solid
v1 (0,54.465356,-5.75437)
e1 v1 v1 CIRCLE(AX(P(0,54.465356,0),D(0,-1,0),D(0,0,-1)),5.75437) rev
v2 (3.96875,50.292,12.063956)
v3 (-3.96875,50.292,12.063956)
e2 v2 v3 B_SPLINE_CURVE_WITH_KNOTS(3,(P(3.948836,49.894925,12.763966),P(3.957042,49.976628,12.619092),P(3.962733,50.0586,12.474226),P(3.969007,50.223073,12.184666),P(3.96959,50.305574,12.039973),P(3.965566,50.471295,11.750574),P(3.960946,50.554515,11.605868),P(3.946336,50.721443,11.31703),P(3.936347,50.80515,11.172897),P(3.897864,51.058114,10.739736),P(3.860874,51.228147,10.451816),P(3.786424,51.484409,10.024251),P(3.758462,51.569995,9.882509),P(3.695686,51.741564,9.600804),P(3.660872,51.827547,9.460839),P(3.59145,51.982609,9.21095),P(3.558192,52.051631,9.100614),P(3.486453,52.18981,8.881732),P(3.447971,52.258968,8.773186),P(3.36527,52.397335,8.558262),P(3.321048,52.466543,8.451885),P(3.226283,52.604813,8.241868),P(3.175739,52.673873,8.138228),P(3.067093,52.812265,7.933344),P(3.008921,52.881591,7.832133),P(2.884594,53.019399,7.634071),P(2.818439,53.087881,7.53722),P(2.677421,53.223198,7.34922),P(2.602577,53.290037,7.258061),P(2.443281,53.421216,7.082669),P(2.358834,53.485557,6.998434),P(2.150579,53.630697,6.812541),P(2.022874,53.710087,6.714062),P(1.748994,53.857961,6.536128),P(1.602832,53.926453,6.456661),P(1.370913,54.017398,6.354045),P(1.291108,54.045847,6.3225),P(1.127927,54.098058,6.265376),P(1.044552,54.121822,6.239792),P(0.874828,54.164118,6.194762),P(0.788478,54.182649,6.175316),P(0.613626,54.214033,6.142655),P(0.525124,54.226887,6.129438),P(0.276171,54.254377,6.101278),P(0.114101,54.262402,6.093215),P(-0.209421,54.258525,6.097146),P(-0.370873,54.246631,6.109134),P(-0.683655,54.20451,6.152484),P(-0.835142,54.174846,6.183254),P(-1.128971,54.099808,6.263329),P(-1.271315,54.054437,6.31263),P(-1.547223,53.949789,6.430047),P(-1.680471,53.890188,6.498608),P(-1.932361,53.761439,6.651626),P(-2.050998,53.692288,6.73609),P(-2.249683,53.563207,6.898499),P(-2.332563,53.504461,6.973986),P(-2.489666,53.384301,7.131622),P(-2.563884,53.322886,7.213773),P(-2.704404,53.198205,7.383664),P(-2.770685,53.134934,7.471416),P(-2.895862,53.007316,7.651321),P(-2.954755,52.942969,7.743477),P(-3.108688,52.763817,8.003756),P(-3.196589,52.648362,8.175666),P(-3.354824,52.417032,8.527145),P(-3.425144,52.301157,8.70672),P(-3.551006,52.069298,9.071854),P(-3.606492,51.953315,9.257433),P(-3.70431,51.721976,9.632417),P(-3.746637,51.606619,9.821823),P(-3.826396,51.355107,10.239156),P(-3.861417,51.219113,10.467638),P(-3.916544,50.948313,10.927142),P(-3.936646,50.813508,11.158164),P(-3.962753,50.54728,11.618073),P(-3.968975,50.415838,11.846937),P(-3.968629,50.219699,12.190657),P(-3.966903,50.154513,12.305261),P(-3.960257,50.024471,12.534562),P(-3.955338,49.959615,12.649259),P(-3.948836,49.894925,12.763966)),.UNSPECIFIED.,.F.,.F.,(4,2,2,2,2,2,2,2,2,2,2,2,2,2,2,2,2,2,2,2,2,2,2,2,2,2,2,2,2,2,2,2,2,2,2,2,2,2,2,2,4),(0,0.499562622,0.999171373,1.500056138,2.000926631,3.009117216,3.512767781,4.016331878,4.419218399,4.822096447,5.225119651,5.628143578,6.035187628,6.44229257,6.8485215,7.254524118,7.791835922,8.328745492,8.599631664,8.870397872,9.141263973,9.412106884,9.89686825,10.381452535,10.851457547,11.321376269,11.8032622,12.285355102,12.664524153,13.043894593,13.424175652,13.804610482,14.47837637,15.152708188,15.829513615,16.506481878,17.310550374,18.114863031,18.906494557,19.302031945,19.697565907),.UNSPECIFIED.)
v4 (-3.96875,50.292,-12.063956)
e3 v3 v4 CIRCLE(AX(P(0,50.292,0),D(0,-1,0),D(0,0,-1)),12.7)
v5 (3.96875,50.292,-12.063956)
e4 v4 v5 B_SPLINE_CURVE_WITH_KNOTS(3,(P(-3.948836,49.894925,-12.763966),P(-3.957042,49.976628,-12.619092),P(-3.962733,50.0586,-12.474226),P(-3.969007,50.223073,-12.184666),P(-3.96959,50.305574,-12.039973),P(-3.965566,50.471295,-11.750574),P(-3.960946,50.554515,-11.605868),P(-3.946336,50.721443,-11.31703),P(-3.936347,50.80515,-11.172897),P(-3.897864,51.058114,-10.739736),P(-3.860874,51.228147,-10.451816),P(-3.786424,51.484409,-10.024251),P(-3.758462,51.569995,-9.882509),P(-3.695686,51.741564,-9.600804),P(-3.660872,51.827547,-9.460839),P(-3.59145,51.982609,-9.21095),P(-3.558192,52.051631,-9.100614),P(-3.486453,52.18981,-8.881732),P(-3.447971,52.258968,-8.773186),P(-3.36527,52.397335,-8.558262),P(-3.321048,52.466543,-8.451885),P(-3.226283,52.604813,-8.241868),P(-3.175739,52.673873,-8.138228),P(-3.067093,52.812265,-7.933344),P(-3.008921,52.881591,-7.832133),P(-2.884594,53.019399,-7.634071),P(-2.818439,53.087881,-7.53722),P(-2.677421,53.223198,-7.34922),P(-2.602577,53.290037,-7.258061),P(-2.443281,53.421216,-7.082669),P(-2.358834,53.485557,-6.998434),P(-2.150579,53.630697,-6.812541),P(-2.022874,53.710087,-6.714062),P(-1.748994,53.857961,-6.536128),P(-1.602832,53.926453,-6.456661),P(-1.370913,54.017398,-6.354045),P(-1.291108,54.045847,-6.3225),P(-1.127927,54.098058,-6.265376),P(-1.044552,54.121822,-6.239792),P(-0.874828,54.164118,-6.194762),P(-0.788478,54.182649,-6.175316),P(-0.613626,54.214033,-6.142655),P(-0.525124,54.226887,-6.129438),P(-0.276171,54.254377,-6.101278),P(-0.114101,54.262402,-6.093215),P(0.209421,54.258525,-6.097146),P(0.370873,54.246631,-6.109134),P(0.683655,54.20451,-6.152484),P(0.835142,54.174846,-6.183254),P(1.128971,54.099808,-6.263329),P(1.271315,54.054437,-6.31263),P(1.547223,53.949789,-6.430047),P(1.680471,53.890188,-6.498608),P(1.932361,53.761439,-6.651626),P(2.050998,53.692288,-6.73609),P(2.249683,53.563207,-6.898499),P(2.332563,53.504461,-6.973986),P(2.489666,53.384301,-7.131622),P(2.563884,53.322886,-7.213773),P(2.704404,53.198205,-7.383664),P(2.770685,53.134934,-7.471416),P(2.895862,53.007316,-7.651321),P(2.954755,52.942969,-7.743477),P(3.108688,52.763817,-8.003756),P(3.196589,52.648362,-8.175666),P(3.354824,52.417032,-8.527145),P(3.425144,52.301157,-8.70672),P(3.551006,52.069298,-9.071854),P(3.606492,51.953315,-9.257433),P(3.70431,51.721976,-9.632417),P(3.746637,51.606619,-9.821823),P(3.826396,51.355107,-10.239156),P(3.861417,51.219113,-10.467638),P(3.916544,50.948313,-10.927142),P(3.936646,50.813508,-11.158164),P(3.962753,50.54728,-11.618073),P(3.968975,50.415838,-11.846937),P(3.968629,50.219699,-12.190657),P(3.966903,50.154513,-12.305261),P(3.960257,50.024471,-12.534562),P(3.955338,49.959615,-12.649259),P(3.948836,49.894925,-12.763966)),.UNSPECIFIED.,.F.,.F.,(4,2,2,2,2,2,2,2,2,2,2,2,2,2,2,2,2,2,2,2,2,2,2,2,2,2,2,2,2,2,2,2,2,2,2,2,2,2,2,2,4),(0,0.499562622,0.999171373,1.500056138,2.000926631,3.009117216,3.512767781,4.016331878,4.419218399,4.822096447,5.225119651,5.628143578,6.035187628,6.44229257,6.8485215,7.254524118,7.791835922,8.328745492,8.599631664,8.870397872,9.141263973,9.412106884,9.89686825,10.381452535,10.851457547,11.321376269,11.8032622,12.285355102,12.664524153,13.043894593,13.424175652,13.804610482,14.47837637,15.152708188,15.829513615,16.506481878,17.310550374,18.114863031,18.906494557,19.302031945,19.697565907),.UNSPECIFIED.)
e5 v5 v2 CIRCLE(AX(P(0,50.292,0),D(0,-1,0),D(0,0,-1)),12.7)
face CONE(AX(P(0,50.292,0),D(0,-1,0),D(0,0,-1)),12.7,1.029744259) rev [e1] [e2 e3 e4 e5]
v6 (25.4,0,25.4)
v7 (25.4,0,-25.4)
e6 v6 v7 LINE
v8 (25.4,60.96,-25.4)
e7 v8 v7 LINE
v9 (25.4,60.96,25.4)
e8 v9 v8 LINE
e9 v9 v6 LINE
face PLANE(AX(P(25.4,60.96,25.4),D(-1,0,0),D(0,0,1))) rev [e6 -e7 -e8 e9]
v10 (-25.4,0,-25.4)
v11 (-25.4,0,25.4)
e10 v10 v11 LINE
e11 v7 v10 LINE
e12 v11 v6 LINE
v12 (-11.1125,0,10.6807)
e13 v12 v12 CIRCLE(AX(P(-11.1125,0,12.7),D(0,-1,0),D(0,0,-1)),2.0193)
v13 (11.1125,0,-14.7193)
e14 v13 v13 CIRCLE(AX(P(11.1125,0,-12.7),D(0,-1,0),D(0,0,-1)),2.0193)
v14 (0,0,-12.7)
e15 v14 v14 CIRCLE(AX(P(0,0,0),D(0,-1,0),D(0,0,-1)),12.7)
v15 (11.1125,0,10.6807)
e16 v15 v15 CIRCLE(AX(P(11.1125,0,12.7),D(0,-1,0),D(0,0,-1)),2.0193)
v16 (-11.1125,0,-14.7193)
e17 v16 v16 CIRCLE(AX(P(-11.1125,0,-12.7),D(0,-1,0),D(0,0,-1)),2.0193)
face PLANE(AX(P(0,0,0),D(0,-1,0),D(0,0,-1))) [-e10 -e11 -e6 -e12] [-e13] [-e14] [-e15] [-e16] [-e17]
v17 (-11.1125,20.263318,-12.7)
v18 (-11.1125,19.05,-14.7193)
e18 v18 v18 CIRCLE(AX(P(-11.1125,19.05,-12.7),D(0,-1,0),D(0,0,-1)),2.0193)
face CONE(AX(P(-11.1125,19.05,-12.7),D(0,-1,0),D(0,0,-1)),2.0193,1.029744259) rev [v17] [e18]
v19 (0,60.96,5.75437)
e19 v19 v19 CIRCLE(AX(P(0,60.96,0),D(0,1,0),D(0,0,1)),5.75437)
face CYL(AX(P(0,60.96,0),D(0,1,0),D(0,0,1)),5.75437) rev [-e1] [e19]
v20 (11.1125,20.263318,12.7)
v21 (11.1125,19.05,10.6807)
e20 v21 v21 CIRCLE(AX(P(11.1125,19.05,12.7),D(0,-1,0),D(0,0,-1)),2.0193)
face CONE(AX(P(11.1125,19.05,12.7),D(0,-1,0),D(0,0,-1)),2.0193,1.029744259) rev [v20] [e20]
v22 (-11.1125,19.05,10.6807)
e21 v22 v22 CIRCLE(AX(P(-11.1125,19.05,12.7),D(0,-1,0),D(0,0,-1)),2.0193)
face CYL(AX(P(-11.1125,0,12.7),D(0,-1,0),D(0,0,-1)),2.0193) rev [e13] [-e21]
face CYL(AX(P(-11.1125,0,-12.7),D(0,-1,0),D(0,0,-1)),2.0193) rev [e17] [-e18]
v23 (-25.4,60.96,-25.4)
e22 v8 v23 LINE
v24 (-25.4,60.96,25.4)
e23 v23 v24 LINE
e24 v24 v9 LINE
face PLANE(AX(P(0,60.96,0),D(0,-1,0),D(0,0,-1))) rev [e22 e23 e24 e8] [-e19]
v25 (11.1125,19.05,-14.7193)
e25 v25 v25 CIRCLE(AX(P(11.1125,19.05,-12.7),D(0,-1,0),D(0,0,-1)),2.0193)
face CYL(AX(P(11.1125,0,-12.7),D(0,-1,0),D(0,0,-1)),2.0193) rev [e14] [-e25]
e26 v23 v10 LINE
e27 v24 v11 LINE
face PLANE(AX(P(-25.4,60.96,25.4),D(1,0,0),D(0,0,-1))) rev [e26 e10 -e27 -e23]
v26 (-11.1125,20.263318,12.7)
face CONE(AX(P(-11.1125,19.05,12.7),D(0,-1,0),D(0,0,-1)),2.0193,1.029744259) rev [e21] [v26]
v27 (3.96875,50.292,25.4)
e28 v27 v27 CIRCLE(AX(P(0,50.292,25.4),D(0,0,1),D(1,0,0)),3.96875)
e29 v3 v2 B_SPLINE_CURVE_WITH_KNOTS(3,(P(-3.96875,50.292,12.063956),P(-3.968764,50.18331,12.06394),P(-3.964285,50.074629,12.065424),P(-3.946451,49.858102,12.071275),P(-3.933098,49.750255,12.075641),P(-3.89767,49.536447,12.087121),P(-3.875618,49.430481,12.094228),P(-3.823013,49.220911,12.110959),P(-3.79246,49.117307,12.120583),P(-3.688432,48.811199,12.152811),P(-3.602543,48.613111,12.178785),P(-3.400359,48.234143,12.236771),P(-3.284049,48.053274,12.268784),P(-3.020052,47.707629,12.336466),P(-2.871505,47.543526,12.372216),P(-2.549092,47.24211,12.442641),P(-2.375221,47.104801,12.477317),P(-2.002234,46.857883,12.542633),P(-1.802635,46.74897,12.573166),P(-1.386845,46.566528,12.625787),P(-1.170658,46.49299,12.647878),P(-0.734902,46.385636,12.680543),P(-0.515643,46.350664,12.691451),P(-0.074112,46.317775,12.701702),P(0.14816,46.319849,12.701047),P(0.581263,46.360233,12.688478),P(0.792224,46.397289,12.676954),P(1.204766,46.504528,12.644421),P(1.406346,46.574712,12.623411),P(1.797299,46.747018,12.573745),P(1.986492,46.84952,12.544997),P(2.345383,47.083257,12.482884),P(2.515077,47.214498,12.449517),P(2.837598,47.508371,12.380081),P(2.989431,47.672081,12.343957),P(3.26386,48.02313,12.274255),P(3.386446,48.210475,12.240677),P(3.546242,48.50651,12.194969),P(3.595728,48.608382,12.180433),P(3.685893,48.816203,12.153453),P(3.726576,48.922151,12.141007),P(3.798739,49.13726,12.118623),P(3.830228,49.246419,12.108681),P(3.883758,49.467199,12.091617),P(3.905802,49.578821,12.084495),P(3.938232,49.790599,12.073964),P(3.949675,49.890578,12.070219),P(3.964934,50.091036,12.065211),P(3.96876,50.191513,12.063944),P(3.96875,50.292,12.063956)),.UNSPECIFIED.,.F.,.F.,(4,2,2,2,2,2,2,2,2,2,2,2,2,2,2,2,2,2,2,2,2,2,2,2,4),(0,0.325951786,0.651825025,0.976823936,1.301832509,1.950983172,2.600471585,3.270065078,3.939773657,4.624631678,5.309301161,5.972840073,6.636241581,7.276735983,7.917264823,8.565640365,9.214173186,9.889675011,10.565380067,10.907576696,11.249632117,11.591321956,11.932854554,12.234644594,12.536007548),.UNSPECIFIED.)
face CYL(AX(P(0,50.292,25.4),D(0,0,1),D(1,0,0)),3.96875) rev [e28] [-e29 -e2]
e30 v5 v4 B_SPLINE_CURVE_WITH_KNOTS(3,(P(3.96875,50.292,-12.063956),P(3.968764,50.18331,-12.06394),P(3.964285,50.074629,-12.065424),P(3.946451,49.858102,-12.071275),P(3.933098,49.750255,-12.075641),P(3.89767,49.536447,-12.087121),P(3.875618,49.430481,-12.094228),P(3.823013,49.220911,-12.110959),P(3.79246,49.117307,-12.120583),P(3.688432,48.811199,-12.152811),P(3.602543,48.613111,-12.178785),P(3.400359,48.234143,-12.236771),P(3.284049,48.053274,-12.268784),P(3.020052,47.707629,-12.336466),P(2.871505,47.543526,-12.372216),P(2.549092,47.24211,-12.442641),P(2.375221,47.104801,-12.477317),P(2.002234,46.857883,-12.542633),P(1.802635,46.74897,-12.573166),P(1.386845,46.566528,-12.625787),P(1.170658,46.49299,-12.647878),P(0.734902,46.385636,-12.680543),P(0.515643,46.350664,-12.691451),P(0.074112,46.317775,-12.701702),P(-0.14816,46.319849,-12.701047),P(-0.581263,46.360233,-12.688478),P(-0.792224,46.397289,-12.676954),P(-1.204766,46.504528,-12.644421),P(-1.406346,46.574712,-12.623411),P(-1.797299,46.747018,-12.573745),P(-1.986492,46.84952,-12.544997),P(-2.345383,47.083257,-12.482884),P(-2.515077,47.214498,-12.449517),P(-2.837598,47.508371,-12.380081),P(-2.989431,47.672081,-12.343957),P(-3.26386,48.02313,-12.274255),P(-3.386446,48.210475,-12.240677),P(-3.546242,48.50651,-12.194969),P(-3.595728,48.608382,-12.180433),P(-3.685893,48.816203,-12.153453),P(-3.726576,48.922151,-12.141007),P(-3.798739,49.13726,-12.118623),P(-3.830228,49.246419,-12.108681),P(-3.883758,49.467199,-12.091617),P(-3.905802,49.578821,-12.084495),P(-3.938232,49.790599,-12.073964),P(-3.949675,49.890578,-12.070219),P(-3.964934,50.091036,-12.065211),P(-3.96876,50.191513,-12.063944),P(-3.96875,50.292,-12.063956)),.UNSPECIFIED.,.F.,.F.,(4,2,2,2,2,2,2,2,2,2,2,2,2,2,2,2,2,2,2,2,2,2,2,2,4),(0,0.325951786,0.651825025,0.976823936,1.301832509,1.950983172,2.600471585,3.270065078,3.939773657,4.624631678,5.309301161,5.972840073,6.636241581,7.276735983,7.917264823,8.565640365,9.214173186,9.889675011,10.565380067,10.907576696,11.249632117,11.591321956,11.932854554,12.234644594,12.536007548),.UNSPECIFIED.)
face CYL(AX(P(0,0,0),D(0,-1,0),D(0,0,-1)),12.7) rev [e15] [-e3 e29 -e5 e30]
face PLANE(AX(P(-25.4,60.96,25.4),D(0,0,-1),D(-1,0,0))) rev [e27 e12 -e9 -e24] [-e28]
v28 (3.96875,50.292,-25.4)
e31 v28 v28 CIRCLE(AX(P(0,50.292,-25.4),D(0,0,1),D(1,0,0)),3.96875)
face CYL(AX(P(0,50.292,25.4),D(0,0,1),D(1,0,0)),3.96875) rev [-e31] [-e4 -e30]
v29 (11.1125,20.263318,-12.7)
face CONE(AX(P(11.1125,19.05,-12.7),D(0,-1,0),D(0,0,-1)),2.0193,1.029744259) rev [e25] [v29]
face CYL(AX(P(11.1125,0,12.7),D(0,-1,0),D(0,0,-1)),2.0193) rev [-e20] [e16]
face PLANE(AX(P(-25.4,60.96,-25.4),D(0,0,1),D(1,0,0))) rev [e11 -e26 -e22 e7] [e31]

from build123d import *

# Parameters (mm, degrees)
SKETCH1_W                  = 50.8
SKETCH1_H                  = 50.8
BLOCK_DEPTH                = 60.96
SPRING_BORE_D              = 25.4
SPRING_BORE_DEPTH          = 50.292
SPRING_BORE_TIP            = 7.630929862
F_1_2_20_TAPPED_HOLE_D     = 11.50874
F_10_32_TAPPED_HOLES_D     = 4.0386
F_10_32_TAPPED_HOLES_DEPTH = 19.05
F_10_32_TAPPED_HOLES_TIP   = 1.213317848
VIEW_HOLE_D                = 7.9375


with BuildPart() as part:
    # Sketch1 → Block (new body)
    with BuildSketch(Plane(origin=(0, 0, 0), x_dir=(1, 0, 0), z_dir=(0, 1, 0))):
        Rectangle(SKETCH1_W, SKETCH1_H)
    extrude(amount=BLOCK_DEPTH)

    # Spring Bore
    with Locations(Plane(origin=(0, 0, 0), x_dir=(-1, 0, 0), z_dir=(0, -1, 0))):
        with Locations((0, 0)):
            Hole(SPRING_BORE_D / 2, depth=SPRING_BORE_DEPTH)
            with Locations((0, 0, -(SPRING_BORE_DEPTH + SPRING_BORE_TIP / 2))):  # 118° drill point
                Cone(0, SPRING_BORE_D / 2, SPRING_BORE_TIP, mode=Mode.SUBTRACT)

    # 1/2-20 Tapped Hole (through all)
    with Locations(Plane(origin=(0, 60.96, 0), x_dir=(1, 0, 0), z_dir=(0, 1, 0))):
        with Locations((0, 0)):
            Hole(F_1_2_20_TAPPED_HOLE_D / 2)

    # #10-32 Tapped Holes
    with Locations(Plane(origin=(0, 0, 0), x_dir=(-1, 0, 0), z_dir=(0, -1, 0))):
        with Locations((11.1125, 12.7), (11.1125, -12.7), (-11.1125, -12.7), (-11.1125, 12.7), (0, 0)):
            Hole(F_10_32_TAPPED_HOLES_D / 2, depth=F_10_32_TAPPED_HOLES_DEPTH)
            with Locations((0, 0, -(F_10_32_TAPPED_HOLES_DEPTH + F_10_32_TAPPED_HOLES_TIP / 2))):  # 118° drill point
                Cone(0, F_10_32_TAPPED_HOLES_D / 2, F_10_32_TAPPED_HOLES_TIP, mode=Mode.SUBTRACT)

    # View Hole (through all)
    with Locations(Plane.XY.offset(25.4)):
        with Locations((0, 50.292)):
            Hole(VIEW_HOLE_D / 2)


solid = part.part
